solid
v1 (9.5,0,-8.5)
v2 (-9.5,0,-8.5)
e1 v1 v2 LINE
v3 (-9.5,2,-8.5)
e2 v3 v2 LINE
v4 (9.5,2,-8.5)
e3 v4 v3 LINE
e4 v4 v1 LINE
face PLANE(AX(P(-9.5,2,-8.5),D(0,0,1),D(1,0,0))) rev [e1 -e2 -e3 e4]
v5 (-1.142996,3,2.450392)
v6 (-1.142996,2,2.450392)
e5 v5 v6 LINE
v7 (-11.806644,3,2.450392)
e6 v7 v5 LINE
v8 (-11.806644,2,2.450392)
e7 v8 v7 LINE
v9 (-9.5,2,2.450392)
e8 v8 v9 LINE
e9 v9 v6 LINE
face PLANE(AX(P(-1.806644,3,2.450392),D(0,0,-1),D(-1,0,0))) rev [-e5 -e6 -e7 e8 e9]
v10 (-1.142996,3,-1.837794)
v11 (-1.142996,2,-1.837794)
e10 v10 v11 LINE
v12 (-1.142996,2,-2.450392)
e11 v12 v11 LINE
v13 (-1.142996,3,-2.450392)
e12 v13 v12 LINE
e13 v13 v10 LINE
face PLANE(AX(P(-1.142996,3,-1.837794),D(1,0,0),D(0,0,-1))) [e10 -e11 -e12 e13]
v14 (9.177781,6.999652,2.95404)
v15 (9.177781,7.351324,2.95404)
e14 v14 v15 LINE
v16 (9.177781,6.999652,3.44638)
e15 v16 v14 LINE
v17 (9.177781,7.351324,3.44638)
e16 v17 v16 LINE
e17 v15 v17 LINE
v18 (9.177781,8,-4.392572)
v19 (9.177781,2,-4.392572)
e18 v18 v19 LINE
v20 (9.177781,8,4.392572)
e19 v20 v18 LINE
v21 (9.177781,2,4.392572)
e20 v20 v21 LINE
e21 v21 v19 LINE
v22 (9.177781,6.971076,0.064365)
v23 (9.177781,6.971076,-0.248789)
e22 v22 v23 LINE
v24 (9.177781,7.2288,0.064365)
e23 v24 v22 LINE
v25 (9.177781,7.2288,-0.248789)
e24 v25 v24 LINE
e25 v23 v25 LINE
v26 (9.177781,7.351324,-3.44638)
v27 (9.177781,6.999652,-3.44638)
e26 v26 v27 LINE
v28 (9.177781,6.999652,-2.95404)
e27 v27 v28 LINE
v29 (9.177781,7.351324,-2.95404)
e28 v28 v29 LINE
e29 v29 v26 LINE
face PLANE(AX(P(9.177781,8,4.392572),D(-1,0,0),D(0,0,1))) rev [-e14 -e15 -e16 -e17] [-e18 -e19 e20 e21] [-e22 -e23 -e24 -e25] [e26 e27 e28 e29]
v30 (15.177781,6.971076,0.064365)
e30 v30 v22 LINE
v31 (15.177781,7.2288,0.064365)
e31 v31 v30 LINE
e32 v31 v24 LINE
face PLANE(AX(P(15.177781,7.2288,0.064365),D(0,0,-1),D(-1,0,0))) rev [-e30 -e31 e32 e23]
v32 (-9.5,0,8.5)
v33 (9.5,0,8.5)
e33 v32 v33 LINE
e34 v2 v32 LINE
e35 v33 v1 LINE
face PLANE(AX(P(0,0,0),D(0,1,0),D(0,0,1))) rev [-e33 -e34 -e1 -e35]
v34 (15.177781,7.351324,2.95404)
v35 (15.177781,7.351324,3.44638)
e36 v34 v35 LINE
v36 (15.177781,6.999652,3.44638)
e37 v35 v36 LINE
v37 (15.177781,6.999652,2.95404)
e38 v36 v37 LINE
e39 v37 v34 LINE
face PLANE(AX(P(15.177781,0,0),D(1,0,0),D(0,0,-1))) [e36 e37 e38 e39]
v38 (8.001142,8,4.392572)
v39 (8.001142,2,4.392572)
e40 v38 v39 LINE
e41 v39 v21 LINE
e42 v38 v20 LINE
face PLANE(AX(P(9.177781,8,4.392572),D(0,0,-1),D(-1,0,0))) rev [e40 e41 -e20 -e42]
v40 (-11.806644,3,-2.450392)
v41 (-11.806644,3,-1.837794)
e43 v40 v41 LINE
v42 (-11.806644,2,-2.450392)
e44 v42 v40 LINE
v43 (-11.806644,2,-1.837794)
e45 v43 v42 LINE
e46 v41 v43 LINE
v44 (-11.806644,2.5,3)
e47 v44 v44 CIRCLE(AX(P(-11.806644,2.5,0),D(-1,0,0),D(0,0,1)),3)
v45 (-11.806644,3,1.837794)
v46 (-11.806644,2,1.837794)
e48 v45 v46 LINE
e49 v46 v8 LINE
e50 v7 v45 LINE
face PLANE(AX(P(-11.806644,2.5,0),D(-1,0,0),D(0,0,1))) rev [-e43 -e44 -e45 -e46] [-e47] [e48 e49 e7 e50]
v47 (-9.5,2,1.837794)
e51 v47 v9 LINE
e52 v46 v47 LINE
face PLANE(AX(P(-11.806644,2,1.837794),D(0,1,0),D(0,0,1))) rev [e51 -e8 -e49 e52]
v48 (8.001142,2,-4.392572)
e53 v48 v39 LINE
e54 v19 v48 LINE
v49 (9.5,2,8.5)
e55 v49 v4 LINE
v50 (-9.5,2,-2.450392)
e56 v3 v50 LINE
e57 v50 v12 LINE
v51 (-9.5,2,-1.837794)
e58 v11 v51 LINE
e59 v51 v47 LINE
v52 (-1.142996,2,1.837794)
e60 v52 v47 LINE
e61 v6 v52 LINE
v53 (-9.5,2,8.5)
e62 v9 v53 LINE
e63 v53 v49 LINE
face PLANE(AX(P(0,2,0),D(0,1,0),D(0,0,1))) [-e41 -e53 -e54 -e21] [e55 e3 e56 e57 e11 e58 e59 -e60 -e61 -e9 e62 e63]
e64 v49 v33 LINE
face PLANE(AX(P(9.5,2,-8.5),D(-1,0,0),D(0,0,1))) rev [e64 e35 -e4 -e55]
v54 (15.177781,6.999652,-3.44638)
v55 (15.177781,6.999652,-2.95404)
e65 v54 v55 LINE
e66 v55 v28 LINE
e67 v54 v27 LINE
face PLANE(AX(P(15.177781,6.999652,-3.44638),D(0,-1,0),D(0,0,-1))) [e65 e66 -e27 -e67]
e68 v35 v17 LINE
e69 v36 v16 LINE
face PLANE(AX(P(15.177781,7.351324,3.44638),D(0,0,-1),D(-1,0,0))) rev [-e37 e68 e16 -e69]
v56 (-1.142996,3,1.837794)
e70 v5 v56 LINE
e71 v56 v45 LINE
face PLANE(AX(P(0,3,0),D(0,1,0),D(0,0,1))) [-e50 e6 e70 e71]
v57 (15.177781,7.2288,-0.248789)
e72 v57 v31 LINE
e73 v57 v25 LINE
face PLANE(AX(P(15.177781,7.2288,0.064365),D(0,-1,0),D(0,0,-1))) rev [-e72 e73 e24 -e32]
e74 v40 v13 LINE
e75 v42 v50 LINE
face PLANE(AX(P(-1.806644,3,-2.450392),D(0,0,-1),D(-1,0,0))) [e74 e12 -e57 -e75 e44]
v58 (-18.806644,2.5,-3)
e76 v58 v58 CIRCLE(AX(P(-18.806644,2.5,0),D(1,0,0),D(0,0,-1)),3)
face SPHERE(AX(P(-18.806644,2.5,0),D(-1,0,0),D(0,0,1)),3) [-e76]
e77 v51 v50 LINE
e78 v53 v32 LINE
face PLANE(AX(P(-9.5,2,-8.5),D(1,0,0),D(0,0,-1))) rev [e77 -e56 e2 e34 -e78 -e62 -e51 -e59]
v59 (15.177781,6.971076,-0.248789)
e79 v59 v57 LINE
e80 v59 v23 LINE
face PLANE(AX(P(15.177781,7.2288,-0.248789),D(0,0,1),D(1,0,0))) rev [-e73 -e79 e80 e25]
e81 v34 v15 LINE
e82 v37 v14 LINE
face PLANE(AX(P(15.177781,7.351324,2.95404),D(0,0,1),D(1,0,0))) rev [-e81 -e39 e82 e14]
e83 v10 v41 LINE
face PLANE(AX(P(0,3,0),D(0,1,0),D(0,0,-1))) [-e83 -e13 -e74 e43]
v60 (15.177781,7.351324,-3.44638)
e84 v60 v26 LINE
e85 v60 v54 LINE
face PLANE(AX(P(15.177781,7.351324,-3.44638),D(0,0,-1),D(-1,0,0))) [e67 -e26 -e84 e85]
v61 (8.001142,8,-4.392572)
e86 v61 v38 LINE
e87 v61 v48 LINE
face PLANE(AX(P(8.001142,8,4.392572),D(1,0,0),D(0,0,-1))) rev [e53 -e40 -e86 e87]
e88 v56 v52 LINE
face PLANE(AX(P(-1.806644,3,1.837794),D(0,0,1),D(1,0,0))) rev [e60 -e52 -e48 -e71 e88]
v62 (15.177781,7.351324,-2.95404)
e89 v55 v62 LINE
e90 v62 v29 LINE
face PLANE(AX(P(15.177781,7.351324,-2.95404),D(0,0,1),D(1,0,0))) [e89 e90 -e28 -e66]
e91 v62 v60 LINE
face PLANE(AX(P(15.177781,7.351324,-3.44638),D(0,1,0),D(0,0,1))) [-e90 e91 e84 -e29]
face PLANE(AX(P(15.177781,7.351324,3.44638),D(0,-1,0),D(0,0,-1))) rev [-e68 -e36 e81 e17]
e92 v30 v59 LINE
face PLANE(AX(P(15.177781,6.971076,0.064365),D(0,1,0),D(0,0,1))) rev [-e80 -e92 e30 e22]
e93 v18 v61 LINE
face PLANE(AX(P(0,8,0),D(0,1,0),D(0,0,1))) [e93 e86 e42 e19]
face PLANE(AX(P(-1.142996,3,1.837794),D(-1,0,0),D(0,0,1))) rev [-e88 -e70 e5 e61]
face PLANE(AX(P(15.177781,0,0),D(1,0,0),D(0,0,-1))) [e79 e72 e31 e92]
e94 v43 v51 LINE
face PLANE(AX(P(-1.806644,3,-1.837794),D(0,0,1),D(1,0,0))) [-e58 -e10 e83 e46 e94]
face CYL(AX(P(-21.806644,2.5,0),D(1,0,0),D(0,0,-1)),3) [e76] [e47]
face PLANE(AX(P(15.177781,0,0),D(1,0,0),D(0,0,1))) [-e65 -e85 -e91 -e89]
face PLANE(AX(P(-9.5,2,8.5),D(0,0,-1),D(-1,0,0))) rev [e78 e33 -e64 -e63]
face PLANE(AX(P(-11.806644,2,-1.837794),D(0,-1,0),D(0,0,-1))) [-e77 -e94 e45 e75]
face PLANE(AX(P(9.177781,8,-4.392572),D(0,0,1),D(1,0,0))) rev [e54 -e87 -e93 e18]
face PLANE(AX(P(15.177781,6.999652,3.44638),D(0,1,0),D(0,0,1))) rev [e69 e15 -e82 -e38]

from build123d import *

# Parameters (mm, degrees)
ESQUISSE1_W        = 19
ESQUISSE1_H        = 17
BOSS_EXTRU_1_DEPTH = 2
ESQUISSE2_W        = 1.17663859
ESQUISSE2_H        = 8.785143252
BOSS_EXTRU_2_DEPTH = 6
ESQUISSE3_W        = 0.492340061
ESQUISSE3_H        = 0.351671472
BOSS_EXTRU_3_DEPTH = 6
ESQUISSE4_W        = 0.313154041
ESQUISSE4_H        = 0.257723979
BOSS_EXTRU_4_DEPTH = 6
ESQUISSE5_W        = 0.663647826
ESQUISSE5_H        = 0.612597993
BOSS_EXTRU_5_DEPTH = 1
ESQUISSE6_W        = 0.612597993
ESQUISSE6_H        = 1
BOSS_EXTRU_6_DEPTH = 10
ESQUISSE7_R        = 3
BOSS_EXTRU_7_DEPTH = 10
CONG_2_R           = 3


with BuildPart() as part:
    # Esquisse1 → Boss.-Extru.1 (new body)
    with BuildSketch(Plane(origin=(0, 0, 0), x_dir=(1, 0, 0), z_dir=(0, 1, 0))):
        Rectangle(ESQUISSE1_W, ESQUISSE1_H)
    extrude(amount=BOSS_EXTRU_1_DEPTH)

    # Esquisse2 → Boss.-Extru.2 (add)
    with BuildSketch(Plane(origin=(0, 2, 0), x_dir=(1, 0, 0), z_dir=(0, 1, 0))):
        with Locations((8.589461706, 0)):
            Rectangle(ESQUISSE2_W, ESQUISSE2_H)
    extrude(amount=BOSS_EXTRU_2_DEPTH)

    # Esquisse3 → Boss.-Extru.3 (add)
    with BuildSketch(Plane(origin=(9.177781001, 0, 0), x_dir=(0, 0, -1), z_dir=(1, 0, 0))):
        with Locations((-3.200210394, 7.175487816)):
            Rectangle(ESQUISSE3_W, ESQUISSE3_H)
    boss_extru_3 = extrude(amount=BOSS_EXTRU_3_DEPTH)

    # Symétrie1: Boss.-Extru.3 across plane
    add(boss_extru_3.mirror(Plane.XY))

    # Esquisse4 → Boss.-Extru.4 (add)
    with BuildSketch(Plane(origin=(9.177781001, 0, 0), x_dir=(0, 0, -1), z_dir=(1, 0, 0))):
        with Locations((0.092212431, 7.099938204)):
            Rectangle(ESQUISSE4_W, ESQUISSE4_H)
    extrude(amount=BOSS_EXTRU_4_DEPTH)

    # Esquisse5 → Boss.-Extru.5 (add)
    with BuildSketch(Plane(origin=(0, 2, 0), x_dir=(1, 0, 0), z_dir=(0, 1, 0))):
        with Locations((-1.474820367, -2.144092976)):
            Rectangle(ESQUISSE5_W, ESQUISSE5_H)
    boss_extru_5 = extrude(amount=BOSS_EXTRU_5_DEPTH)

    # Esquisse6 → Boss.-Extru.6 (add)
    with BuildSketch(Plane.ZY.offset(1.80664428)):
        with Locations((2.144092976, 2.5)):
            Rectangle(ESQUISSE6_W, ESQUISSE6_H)
    boss_extru_6 = extrude(amount=BOSS_EXTRU_6_DEPTH)

    # Symétrie2: Boss.-Extru.5, Boss.-Extru.6 across plane
    add(boss_extru_5.mirror(Plane.XY))
    add(boss_extru_6.mirror(Plane.XY))

    # Esquisse7 → Boss.-Extru.7 (add)
    with BuildSketch(Plane.ZY.offset(11.80664428)):
        with Locations((0, 2.5)):
            Circle(ESQUISSE7_R)
    extrude(amount=BOSS_EXTRU_7_DEPTH)

    # Congé2
    cong_2_edges = [part.edges().sort_by_distance(p)[0] for p in [
        (-21.80664428, 2.5, -3),
    ]]
    fillet(cong_2_edges, radius=CONG_2_R)


solid = part.part
